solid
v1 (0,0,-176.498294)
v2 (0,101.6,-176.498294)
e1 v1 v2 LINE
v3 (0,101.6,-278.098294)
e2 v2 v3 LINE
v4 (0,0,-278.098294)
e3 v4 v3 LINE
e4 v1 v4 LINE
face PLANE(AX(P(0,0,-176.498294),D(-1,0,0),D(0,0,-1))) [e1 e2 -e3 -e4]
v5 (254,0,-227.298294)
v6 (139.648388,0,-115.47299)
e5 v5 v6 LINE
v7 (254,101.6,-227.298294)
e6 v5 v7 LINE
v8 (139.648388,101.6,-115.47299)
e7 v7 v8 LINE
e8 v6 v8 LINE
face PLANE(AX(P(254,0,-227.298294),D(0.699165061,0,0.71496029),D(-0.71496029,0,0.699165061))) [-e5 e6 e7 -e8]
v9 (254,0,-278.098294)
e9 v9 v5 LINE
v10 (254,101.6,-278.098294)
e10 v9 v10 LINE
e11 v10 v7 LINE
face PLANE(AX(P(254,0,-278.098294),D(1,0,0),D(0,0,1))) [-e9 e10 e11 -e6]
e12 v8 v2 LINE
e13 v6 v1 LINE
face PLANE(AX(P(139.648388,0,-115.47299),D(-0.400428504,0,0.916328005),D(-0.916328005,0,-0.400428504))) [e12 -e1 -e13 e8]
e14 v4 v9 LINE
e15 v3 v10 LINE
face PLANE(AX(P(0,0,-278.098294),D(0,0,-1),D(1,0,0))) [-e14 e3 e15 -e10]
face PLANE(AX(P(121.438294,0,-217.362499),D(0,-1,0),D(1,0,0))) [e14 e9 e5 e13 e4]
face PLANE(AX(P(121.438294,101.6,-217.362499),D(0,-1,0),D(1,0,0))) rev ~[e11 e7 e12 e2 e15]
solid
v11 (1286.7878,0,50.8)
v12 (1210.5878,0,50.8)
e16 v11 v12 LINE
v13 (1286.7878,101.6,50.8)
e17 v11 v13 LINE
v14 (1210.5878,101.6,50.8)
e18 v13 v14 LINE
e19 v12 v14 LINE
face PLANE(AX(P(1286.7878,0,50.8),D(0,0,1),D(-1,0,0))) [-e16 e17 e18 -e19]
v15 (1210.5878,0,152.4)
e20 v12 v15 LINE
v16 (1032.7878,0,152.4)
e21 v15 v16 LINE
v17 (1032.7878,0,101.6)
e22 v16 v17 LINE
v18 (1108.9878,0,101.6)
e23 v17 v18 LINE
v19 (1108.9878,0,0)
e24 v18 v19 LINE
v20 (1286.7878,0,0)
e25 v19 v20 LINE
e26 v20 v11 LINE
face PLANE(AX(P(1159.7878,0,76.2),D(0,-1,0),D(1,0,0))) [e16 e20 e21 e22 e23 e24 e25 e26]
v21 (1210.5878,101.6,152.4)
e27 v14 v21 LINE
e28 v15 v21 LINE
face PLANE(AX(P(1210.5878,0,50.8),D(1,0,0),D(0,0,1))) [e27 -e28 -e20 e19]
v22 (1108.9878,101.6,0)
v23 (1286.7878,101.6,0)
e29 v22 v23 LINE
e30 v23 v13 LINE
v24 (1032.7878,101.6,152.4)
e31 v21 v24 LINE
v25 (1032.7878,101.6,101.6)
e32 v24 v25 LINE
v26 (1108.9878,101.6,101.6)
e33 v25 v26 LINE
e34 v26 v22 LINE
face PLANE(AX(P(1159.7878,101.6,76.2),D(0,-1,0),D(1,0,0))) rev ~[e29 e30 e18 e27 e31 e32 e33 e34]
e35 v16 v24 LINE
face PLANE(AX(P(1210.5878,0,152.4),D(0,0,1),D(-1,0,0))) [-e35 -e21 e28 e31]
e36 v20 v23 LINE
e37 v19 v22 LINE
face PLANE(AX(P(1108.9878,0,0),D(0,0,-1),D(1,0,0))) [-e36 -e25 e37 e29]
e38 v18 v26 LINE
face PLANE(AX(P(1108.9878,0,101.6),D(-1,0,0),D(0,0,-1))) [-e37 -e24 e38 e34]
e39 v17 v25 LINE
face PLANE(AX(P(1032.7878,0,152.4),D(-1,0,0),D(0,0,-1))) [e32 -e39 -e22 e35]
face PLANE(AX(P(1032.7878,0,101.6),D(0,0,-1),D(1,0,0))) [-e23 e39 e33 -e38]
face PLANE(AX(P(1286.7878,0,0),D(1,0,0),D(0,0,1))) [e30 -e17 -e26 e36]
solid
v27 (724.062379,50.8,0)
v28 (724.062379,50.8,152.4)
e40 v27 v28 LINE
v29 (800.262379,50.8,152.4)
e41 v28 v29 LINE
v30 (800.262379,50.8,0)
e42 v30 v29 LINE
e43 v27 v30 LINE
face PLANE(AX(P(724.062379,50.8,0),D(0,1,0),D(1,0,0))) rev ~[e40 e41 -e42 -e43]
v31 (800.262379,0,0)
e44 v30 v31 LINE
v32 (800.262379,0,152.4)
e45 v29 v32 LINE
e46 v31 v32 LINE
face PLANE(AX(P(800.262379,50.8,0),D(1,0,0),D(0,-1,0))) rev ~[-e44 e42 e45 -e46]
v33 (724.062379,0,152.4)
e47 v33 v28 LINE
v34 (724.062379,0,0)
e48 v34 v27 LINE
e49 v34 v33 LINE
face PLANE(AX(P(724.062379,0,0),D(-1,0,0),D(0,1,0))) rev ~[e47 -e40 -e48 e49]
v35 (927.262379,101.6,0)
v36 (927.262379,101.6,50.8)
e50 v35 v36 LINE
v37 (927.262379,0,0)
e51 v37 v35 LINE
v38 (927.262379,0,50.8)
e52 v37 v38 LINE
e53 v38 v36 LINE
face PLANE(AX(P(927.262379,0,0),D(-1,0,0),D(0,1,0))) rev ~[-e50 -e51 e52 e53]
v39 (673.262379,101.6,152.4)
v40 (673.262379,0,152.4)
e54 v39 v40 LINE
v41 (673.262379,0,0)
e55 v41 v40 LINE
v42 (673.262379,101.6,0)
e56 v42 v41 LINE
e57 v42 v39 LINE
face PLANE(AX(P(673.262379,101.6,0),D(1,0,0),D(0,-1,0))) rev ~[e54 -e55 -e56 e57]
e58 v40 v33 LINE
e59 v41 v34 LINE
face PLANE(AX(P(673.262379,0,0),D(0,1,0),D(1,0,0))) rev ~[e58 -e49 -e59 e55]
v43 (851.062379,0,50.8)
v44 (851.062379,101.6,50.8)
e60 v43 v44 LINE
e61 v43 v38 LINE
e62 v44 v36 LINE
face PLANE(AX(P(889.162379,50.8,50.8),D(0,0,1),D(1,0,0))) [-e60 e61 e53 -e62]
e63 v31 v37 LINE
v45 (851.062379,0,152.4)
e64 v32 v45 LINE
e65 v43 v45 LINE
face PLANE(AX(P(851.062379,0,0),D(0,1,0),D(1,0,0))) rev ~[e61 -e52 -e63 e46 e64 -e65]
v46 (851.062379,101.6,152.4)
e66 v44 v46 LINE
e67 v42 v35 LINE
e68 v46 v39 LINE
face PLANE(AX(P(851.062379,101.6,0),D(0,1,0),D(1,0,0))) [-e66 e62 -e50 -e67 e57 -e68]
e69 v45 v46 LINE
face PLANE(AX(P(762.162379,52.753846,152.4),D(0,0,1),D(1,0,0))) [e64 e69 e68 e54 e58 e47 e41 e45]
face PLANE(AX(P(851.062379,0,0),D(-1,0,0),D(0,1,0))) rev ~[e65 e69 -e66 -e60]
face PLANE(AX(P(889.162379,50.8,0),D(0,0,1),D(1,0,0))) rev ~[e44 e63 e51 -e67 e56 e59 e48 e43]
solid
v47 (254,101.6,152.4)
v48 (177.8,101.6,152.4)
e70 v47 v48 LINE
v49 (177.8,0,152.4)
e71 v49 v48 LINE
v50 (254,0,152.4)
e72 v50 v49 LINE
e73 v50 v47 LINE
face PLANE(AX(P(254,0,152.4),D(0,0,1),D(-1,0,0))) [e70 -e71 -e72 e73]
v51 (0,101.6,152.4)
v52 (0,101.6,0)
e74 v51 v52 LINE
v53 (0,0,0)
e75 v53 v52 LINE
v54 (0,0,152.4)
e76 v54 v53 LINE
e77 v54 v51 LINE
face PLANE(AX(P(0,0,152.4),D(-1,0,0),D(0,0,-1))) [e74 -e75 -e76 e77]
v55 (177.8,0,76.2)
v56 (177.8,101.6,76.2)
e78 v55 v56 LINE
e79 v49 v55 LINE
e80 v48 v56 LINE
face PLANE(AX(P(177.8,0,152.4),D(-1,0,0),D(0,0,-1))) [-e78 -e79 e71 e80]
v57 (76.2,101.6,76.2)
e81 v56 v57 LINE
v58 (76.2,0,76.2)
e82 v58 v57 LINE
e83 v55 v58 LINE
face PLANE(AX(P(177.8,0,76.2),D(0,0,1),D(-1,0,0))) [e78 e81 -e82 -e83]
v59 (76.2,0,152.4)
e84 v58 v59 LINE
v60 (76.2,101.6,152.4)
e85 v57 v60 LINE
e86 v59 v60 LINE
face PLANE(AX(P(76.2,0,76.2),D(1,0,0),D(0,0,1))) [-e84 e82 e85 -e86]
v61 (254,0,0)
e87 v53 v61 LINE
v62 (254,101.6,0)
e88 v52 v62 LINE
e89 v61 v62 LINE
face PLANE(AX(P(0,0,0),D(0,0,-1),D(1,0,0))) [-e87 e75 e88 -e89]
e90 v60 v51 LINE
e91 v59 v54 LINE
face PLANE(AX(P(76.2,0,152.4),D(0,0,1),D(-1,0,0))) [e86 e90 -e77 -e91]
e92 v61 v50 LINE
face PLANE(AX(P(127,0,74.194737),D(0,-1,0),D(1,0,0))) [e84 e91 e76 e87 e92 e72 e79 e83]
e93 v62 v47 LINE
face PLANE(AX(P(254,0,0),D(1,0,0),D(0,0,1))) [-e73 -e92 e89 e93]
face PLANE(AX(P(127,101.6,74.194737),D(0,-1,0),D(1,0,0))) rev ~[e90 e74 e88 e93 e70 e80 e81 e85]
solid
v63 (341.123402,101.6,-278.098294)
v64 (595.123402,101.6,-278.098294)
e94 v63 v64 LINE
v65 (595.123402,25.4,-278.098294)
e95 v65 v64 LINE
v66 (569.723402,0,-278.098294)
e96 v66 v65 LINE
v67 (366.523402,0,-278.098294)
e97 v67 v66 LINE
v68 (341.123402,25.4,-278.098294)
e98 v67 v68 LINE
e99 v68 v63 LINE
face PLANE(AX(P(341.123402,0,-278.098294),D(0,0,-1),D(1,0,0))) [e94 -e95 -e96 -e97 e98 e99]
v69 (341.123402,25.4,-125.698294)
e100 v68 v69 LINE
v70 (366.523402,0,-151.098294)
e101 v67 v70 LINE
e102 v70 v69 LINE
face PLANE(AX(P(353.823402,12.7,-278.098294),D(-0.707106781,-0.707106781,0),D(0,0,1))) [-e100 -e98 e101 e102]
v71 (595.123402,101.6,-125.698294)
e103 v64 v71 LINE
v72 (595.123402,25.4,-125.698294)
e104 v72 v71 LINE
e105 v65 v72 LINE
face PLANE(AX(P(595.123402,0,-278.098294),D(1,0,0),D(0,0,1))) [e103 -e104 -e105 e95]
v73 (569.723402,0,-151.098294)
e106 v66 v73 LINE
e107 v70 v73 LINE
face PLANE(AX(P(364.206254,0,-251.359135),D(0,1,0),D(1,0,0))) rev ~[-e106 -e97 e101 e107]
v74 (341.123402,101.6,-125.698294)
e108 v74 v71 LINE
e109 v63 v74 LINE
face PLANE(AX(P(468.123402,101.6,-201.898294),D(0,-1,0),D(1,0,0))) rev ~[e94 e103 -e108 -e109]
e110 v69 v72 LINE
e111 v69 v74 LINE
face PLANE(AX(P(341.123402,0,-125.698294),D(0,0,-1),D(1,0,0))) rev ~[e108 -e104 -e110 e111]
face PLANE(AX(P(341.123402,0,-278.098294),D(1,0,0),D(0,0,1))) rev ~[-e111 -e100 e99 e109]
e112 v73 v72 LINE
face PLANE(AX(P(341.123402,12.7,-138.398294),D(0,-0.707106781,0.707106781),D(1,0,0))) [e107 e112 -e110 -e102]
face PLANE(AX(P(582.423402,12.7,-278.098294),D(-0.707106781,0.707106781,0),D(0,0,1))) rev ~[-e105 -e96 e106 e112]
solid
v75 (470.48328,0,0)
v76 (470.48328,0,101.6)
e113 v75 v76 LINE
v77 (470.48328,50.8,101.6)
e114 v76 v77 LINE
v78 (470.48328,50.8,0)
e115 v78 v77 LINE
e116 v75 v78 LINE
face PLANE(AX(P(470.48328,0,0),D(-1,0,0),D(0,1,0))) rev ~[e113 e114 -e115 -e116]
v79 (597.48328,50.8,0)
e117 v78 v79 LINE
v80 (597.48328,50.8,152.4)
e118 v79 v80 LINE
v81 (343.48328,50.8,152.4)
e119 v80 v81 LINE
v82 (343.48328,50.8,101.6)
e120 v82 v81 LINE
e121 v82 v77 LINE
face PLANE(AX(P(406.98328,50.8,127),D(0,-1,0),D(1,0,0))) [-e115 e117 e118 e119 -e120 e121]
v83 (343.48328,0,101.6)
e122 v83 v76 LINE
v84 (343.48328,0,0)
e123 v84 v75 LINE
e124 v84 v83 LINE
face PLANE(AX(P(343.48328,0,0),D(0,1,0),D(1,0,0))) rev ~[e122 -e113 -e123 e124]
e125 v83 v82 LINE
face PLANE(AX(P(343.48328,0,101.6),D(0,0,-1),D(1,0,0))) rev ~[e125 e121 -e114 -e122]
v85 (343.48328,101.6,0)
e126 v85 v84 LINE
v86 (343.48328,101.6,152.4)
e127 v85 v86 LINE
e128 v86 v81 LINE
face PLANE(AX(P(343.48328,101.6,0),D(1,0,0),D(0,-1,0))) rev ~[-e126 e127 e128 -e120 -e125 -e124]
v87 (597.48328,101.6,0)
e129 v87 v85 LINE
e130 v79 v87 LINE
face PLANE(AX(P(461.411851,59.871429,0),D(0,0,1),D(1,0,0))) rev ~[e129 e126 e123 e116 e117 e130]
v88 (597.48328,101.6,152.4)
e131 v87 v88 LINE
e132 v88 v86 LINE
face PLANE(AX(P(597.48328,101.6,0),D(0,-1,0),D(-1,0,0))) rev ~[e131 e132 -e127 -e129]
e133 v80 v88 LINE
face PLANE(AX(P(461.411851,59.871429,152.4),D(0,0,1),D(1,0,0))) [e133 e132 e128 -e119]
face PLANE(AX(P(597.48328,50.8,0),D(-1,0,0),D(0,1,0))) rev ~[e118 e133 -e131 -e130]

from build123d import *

# Parameters (mm, degrees)
F1_DEPTH   = 101.6
F3_DEPTH   = 152.4
F5_DEPTH   = 152.4
F4_W       = 76.2
F4_H       = 101.6
F6_DEPTH   = 50.8
F7_DEPTH   = 152.4
F9_W       = 127
F9_H       = 50.8
F10_DEPTH  = 50.8
F12_DEPTH  = 101.6
F14_DEPTH  = 101.6
F15_W      = 254
F15_H      = 152.4
F15_W_2    = 203.2
F15_H_2    = 101.6
F16_DEPTH  = 101.6
F16_FACE_W = 203.2
F16_FACE_H = 101.6
F17_DEPTH  = 109.22
F18_SIZE   = 25.4


with BuildPart() as f1:
    # F0 (on Front) → F1 (new body)
    with BuildSketch(Plane.XZ):
        Polygon((0, 152.4), (0, 0), (254, 0), (254, 152.4), (177.8, 152.4), (177.8, 76.2), (76.2, 76.2), (76.2, 152.4), align=None)
    extrude(amount=-F1_DEPTH)


with BuildPart() as f3:
    # F2 (on Top) → F3 (new body)
    with BuildSketch(Plane.XY):
        Polygon((343.48328, 101.6), (343.48328, 0), (470.48328, 0), (470.48328, 50.8), (597.48328, 50.8), (597.48328, 76.2), (597.48328, 101.6), align=None)
    extrude(amount=F3_DEPTH)

    # F2 (on Top) → F7 (join)
    with BuildSketch(Plane.XY):
        Polygon((343.48328, 101.6), (343.48328, 0), (470.48328, 0), (470.48328, 50.8), (597.48328, 50.8), (597.48328, 76.2), (597.48328, 101.6), align=None)
    extrude(amount=F7_DEPTH)

    # F9 (on face) → F10 (cut)
    with BuildSketch(Plane.XZ):
        with Locations((406.98328, 127)):
            Rectangle(F9_W, F9_H)
    extrude(amount=-F10_DEPTH, mode=Mode.SUBTRACT)


with BuildPart() as f5:
    # F4 (on Top) → F5 (new body)
    with BuildSketch(Plane.XY):
        Polygon((673.262379, 101.6), (673.262379, 0), (724.062379, 0), (724.062379, 50.8), (800.262379, 50.8), (800.262379, 0), (851.062379, 0), (851.062379, 101.6), align=None)
    extrude(amount=F5_DEPTH)

    # F4 (on Top) → F6 (join)
    with BuildSketch(Plane.XY):
        with Locations((889.162379, 50.8)):
            Rectangle(F4_W, F4_H)
    extrude(amount=F6_DEPTH)


with BuildPart() as f12:
    # F11 (on face) → F12 (new body)
    with BuildSketch(Plane.XZ):
        Polygon((1032.7878, 152.4), (1032.7878, 101.6), (1108.9878, 101.6), (1108.9878, 0), (1286.7878, 0), (1286.7878, 50.8), (1210.5878, 50.8), (1210.5878, 152.4), align=None)
    extrude(amount=-F12_DEPTH)


with BuildPart() as f14:
    # F13 (on Front) → F14 (new body)
    with BuildSketch(Plane.XZ):
        Polygon((0, -176.498294), (0, -278.098294), (254, -278.098294), (254, -227.298294), (139.648388, -115.47299), align=None)
    extrude(amount=-F14_DEPTH)


with BuildPart() as f16:
    # F15 (on face) → F16 (new body)
    with BuildSketch(Plane.XZ):
        with Locations((468.123402, -201.898294)):
            Rectangle(F15_W, F15_H)
        with Locations((465.806254, -200.559135)):
            Rectangle(F15_W_2, F15_H_2, mode=Mode.SUBTRACT)
    extrude(amount=-F16_DEPTH)

    # F16_face (on face) → F17 (join)
    with BuildSketch(Plane(origin=(465.806254, 50.8, -251.359135), x_dir=(1, 0, 0), z_dir=(0, 0, 1))):
        Rectangle(F16_FACE_W, F16_FACE_H)
    extrude(amount=F17_DEPTH)

    # F18
    f18_edges = [f16.edges().sort_by_distance(p)[0] for p in [
        (468.123402, 0, -125.698294),
        (595.123402, 0, -201.898294),
        (341.123402, 0, -201.898294),
    ]]
    chamfer(f18_edges, length=F18_SIZE)


solid = Compound([f1.part, f3.part, f5.part, f12.part, f14.part, f16.part])
